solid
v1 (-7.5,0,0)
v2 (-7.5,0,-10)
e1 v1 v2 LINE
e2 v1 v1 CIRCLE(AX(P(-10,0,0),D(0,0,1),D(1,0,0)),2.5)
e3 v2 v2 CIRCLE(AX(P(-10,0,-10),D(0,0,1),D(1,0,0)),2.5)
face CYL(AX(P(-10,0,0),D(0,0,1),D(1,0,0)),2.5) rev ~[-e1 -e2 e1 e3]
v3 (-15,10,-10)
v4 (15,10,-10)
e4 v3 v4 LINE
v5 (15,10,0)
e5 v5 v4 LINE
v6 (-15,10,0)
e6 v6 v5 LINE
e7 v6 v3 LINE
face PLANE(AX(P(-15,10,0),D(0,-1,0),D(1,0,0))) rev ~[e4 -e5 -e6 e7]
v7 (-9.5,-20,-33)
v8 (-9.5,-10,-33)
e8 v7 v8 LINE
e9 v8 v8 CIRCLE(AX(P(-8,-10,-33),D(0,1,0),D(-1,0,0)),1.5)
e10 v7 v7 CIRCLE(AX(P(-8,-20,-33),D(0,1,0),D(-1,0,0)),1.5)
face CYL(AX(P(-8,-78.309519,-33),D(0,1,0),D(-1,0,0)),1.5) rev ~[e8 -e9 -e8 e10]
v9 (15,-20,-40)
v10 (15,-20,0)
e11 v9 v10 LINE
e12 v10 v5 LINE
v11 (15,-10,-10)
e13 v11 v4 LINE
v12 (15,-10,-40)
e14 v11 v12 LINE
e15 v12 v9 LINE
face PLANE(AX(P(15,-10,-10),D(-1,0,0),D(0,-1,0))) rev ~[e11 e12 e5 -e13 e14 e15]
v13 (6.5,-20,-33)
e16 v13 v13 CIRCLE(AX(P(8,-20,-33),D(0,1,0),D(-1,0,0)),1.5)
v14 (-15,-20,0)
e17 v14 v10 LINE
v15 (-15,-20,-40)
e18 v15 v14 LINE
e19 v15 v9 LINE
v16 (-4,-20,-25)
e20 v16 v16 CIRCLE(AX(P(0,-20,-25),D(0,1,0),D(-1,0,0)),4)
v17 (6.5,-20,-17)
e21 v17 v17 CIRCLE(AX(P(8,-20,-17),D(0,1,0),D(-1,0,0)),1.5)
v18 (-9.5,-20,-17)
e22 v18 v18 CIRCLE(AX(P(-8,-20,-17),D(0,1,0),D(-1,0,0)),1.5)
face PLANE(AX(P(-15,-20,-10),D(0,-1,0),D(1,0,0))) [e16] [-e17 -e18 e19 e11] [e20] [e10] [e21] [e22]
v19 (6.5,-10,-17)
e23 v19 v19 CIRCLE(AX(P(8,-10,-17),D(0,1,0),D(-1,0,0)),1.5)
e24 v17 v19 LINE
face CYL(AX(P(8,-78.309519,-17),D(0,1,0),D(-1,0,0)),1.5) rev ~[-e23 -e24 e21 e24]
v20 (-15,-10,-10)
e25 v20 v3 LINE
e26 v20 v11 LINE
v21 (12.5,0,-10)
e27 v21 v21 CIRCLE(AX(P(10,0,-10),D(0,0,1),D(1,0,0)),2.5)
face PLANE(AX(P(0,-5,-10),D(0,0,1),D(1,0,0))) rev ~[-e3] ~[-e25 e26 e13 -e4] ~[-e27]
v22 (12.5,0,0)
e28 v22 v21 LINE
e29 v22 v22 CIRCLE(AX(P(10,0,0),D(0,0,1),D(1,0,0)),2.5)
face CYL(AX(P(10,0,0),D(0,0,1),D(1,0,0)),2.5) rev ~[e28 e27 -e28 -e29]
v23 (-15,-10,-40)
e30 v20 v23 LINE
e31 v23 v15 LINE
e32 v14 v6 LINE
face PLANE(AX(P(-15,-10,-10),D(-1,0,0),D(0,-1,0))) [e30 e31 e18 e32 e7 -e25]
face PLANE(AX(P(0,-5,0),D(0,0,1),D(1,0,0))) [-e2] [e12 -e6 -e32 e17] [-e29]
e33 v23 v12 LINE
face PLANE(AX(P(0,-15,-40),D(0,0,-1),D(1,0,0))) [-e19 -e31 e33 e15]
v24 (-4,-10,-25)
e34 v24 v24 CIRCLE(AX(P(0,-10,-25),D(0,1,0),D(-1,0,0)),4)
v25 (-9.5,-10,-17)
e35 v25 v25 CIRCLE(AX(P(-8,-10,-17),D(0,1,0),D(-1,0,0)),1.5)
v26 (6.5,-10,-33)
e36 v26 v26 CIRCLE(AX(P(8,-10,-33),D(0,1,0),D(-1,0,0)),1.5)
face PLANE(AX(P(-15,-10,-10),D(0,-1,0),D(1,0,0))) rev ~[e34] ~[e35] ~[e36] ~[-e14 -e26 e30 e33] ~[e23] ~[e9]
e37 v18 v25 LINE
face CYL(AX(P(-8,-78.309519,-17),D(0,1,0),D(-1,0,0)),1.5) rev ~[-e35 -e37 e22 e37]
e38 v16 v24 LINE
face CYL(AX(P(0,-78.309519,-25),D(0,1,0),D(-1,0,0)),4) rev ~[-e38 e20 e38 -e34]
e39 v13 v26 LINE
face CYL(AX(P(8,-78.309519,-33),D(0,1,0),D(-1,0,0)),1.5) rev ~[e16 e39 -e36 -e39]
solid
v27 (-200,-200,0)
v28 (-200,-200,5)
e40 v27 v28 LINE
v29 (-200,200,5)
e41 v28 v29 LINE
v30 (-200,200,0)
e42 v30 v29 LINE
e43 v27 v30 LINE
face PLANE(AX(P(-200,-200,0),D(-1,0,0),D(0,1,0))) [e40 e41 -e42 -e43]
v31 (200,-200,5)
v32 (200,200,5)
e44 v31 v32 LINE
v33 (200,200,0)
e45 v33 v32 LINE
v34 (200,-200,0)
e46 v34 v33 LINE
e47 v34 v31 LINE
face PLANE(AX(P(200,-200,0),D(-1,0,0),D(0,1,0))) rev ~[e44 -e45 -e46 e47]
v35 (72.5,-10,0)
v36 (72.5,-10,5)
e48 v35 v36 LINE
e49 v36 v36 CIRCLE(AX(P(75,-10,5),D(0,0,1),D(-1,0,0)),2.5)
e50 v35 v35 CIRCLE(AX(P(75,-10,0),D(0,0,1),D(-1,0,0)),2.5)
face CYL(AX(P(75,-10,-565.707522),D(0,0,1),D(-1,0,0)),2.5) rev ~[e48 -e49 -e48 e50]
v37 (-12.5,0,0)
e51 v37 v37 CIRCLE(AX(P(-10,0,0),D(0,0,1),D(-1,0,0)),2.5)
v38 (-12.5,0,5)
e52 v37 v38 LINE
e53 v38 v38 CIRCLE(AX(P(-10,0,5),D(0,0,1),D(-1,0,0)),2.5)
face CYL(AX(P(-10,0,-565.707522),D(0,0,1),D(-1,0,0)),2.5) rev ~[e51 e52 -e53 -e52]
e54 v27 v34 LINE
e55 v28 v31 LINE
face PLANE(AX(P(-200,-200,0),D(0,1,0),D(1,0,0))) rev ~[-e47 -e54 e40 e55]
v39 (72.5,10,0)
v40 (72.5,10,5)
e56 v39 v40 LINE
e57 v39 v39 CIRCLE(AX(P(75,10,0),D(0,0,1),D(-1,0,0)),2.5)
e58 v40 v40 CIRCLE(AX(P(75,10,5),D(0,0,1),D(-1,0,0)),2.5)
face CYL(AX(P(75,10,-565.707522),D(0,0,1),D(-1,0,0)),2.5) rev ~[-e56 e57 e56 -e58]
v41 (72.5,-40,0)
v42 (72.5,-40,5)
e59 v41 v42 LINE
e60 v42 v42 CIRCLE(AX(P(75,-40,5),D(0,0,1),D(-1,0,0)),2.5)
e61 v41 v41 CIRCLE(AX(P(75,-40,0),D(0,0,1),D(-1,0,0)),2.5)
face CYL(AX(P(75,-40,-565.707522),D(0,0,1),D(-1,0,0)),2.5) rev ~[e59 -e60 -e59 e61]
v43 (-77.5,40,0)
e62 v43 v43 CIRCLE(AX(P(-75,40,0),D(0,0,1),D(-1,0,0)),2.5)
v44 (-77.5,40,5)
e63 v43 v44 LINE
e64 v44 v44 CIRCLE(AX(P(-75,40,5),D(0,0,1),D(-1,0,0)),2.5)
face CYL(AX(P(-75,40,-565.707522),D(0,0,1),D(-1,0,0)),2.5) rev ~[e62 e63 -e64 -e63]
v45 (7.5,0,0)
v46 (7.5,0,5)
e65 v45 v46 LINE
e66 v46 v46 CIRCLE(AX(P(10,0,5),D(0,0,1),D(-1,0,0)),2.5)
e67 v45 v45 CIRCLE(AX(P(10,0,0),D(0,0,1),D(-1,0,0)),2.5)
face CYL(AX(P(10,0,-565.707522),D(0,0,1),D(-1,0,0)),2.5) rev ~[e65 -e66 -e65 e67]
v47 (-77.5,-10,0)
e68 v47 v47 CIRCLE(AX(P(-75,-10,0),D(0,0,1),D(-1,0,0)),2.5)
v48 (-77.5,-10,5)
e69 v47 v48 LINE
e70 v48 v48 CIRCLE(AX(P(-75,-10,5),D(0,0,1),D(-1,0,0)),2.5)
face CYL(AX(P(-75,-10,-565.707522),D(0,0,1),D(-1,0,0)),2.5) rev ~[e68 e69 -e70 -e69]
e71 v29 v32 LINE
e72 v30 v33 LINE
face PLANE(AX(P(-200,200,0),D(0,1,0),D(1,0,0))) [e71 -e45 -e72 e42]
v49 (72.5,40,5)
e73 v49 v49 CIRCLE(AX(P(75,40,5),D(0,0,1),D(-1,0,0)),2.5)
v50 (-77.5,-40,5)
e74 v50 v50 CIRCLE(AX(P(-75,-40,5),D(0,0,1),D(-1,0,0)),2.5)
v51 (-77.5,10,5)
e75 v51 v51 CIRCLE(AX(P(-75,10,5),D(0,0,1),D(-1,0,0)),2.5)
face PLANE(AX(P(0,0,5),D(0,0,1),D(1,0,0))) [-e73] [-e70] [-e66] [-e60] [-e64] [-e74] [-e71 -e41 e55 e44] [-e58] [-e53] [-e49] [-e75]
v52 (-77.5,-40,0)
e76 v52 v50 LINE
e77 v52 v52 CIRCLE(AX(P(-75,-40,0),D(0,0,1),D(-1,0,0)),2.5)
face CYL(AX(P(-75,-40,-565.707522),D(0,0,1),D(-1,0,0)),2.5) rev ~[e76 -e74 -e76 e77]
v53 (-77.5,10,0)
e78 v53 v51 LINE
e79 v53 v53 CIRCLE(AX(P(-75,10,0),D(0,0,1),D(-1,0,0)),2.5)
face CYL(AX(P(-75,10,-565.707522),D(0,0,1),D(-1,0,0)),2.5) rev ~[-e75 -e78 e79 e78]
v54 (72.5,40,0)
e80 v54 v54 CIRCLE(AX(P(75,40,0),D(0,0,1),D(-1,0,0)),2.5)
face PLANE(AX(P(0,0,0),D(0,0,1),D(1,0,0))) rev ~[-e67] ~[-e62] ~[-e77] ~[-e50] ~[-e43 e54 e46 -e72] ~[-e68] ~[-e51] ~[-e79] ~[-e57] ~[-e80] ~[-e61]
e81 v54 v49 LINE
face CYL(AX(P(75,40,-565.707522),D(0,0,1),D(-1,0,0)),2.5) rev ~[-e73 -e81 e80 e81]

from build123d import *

# Parameters (mm, degrees)
F0_W     = 400
F0_H     = 400
F1_DEPTH = 5
F3_D     = 5
F4_W     = 30
F4_H     = 30
F4_R     = 2.5
F5_DEPTH = 10
F6_W     = 30
F6_H     = 10
F7_DEPTH = 30
F9_D     = 3
F10_D    = 8


with BuildPart() as f1:
    # F0 (on Top) → F1 (new body)
    with BuildSketch(Plane.XY):
        Rectangle(F0_W, F0_H)
    extrude(amount=F1_DEPTH)

    # F3 (through all)
    with Locations(Plane(origin=(0, 0, 0), x_dir=(1, 0, 0), z_dir=(0, 0, -1))):
        with Locations((-75, -40), (-75, -10), (-75, 10), (-75, 40), (75, -40), (75, -10), (75, 10), (75, 40), (-10, 0), (10, 0)):
            Hole(F3_D / 2)


with BuildPart() as f5:
    # F4 (on face) → F5 (new body)
    with BuildSketch(Plane.XY):
        with Locations((0, -5)):
            Rectangle(F4_W, F4_H)
        with Locations((-10, 0)):
            Circle(F4_R, mode=Mode.SUBTRACT)
        with Locations((10, 0)):
            Circle(F4_R, mode=Mode.SUBTRACT)
    extrude(amount=-F5_DEPTH)

    # F6 (on face) → F7 (join)
    with BuildSketch(Plane(origin=(0, 0, -10), x_dir=(1, 0, 0), z_dir=(0, 0, -1))):
        with Locations((0, 15)):
            Rectangle(F6_W, F6_H)
    extrude(amount=F7_DEPTH)

    # F9 (through all)
    with Locations(Plane.XZ.offset(20)):
        with Locations((-8, -17), (-8, -33), (8, -17), (8, -33)):
            Hole(F9_D / 2)

    # F10 (through all)
    with Locations(Plane.XZ.offset(20)):
        with Locations((0, -25)):
            Hole(F10_D / 2)


solid = Compound([f1.part, f5.part])
